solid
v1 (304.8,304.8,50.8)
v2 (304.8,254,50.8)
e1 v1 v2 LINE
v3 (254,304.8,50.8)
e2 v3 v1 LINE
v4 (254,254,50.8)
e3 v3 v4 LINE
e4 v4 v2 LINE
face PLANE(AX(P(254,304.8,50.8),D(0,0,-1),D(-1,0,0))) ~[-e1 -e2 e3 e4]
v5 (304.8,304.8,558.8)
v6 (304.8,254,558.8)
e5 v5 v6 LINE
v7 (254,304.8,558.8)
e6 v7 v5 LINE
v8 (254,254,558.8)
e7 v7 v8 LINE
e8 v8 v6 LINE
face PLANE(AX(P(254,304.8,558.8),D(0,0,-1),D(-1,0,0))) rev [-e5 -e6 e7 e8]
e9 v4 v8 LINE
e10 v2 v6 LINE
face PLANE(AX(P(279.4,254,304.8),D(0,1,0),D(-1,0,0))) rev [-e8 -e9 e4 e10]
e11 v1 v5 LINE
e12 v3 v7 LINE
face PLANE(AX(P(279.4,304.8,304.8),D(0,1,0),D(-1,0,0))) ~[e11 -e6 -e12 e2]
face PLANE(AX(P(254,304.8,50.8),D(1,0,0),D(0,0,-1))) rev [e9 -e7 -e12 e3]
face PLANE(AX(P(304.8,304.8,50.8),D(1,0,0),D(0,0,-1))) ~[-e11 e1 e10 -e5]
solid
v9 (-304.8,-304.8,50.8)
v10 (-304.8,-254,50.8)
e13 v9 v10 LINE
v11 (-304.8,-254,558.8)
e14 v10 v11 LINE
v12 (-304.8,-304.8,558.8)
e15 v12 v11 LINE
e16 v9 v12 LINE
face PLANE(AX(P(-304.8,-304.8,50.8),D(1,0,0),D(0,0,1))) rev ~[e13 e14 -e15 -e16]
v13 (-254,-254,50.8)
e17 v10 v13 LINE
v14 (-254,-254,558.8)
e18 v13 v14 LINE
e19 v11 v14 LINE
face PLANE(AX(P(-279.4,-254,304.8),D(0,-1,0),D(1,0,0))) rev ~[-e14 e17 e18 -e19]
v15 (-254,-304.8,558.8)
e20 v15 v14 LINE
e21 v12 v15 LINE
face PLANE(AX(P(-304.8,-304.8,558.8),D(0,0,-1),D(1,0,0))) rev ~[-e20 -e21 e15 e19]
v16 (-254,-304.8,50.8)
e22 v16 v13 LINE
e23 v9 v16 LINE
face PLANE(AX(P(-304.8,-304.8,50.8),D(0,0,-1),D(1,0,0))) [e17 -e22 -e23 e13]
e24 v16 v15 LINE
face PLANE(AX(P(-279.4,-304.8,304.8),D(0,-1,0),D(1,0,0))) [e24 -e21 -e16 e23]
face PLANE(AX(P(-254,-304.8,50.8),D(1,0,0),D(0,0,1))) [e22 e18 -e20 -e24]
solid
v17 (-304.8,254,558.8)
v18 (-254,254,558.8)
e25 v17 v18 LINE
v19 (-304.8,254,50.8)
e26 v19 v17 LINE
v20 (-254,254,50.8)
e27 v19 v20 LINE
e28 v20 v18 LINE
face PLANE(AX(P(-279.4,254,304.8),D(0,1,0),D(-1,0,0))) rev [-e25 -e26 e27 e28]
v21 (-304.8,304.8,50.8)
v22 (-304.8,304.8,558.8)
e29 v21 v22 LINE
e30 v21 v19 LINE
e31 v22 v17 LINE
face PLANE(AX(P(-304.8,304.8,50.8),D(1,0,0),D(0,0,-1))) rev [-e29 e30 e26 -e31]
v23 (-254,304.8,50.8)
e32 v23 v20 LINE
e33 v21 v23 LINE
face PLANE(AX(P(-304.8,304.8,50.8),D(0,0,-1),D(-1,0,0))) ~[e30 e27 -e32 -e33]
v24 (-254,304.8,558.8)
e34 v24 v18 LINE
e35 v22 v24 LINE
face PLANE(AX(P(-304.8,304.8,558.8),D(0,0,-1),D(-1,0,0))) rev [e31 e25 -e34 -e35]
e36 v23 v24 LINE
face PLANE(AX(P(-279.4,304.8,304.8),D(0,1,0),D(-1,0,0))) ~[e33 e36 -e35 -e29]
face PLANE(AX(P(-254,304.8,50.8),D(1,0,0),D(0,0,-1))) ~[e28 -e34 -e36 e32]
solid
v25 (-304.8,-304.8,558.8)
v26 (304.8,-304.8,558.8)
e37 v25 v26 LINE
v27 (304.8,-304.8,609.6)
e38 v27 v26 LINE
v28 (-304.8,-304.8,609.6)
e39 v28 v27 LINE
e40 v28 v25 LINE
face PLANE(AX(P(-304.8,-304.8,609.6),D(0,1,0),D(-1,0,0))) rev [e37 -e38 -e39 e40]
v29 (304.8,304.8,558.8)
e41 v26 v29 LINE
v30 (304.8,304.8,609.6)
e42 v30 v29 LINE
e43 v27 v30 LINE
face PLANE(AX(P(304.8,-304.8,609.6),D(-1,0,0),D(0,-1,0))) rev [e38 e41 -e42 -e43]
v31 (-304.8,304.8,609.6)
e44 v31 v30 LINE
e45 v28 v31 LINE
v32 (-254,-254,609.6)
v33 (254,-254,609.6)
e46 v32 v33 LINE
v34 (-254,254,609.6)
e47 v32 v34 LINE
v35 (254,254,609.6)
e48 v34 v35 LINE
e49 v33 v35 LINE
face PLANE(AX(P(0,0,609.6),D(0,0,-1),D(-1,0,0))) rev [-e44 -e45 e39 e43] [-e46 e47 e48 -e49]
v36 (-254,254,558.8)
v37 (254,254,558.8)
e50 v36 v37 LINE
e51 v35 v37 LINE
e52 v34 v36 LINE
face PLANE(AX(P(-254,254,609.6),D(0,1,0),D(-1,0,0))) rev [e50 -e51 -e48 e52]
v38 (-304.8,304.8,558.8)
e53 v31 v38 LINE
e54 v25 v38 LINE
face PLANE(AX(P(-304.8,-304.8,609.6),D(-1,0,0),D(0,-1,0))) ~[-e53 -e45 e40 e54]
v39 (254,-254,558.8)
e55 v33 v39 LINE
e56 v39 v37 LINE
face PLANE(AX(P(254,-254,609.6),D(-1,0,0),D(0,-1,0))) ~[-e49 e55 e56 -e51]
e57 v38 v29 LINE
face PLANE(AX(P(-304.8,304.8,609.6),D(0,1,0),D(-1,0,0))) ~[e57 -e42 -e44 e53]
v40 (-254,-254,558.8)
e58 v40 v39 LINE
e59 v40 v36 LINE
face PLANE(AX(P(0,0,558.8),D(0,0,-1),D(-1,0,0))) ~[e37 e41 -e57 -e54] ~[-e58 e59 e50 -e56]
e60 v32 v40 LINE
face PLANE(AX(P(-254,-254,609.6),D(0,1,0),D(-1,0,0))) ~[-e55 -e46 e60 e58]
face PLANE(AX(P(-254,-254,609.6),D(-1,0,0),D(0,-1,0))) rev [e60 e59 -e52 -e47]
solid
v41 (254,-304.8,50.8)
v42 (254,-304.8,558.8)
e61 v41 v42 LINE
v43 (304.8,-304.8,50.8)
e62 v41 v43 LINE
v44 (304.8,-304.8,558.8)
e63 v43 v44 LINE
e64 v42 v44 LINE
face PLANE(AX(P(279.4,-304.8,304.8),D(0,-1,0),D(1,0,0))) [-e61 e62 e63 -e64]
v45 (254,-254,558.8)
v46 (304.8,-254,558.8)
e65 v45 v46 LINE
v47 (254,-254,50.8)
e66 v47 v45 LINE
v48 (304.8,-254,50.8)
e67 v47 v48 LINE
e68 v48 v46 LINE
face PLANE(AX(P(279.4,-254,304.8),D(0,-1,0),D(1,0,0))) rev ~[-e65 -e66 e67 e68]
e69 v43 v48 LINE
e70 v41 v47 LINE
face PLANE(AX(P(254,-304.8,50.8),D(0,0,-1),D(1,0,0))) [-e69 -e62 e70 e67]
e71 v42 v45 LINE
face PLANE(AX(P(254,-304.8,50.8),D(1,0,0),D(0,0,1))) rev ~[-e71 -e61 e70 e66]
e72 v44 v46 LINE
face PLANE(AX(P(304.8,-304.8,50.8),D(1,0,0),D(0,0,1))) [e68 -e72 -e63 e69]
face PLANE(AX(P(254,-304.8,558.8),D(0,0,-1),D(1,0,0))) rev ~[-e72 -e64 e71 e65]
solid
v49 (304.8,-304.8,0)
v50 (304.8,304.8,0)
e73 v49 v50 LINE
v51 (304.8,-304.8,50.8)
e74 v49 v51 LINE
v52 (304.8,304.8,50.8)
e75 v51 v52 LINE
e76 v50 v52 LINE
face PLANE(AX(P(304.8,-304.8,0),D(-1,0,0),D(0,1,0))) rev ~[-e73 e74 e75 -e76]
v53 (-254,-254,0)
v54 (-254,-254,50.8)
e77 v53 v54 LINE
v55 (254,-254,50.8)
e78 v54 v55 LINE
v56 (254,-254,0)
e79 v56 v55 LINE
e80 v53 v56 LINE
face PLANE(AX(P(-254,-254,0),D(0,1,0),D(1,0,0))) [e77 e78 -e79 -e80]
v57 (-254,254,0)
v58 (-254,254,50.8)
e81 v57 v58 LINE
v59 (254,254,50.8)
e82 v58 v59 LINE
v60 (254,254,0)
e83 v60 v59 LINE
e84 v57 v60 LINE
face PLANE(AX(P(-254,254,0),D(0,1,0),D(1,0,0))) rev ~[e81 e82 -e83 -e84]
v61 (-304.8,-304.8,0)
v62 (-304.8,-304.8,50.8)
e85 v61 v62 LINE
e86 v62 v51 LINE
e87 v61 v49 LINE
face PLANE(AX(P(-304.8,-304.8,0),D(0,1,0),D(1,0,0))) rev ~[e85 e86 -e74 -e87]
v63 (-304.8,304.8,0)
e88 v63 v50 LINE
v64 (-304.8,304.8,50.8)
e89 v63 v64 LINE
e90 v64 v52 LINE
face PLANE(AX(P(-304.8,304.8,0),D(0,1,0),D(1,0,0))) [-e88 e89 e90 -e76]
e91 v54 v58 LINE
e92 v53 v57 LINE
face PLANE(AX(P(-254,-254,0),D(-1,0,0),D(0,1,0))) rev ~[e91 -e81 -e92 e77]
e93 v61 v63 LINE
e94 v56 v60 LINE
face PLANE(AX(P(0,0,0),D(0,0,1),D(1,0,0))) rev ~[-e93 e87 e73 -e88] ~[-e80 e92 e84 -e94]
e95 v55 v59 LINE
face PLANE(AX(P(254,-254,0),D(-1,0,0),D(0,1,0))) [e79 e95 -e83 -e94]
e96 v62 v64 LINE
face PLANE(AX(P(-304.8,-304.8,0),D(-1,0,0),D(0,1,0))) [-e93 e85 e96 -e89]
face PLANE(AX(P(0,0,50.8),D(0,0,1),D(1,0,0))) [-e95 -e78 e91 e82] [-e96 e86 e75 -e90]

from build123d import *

# Parameters (mm, degrees)
F0_W     = 609.6
F0_H     = 609.6
F0_W_2   = 508
F0_H_2   = 508
F1_DEPTH = 50.8
F4_W     = 50.8
F4_H     = 508
F5_DEPTH = 50.8


with BuildPart() as f1:
    # F0 (on Top) → F1 (new body)
    with BuildSketch(Plane.XY):
        Rectangle(F0_W, F0_H)
        Rectangle(F0_W_2, F0_H_2, mode=Mode.SUBTRACT)
    extrude(amount=F1_DEPTH)


with BuildPart() as f3_1:
    # F3: instance of F1
    add(f1.part.mirror(Plane.XY.offset(304.8)))


with BuildPart() as f5:
    # F4 (on face) → F5 (new body)
    with BuildSketch(Plane.XZ.offset(304.8)):
        with Locations((-279.4, 304.8)):
            Rectangle(F4_W, F4_H)
    extrude(amount=-F5_DEPTH)


with BuildPart() as f5b:
    # F4 (on face) → F5, piece 2 (new body)
    with BuildSketch(Plane.XZ.offset(304.8)):
        with Locations((279.4, 304.8)):
            Rectangle(F4_W, F4_H)
    extrude(amount=-F5_DEPTH)


with BuildPart() as f7_1:
    # F7: instance of F5b
    add(f5b.part.mirror(Plane(origin=(0, 0, 584.2), x_dir=(-1, 0, 0), z_dir=(0, 1, 0))))


with BuildPart() as f8_1:
    # F8: instance of F5
    add(f5.part.mirror(Plane(origin=(0, 0, 584.2), x_dir=(-1, 0, 0), z_dir=(0, 1, 0))))


solid = Compound([f1.part, f3_1.part, f5.part, f5b.part, f7_1.part, f8_1.part])
